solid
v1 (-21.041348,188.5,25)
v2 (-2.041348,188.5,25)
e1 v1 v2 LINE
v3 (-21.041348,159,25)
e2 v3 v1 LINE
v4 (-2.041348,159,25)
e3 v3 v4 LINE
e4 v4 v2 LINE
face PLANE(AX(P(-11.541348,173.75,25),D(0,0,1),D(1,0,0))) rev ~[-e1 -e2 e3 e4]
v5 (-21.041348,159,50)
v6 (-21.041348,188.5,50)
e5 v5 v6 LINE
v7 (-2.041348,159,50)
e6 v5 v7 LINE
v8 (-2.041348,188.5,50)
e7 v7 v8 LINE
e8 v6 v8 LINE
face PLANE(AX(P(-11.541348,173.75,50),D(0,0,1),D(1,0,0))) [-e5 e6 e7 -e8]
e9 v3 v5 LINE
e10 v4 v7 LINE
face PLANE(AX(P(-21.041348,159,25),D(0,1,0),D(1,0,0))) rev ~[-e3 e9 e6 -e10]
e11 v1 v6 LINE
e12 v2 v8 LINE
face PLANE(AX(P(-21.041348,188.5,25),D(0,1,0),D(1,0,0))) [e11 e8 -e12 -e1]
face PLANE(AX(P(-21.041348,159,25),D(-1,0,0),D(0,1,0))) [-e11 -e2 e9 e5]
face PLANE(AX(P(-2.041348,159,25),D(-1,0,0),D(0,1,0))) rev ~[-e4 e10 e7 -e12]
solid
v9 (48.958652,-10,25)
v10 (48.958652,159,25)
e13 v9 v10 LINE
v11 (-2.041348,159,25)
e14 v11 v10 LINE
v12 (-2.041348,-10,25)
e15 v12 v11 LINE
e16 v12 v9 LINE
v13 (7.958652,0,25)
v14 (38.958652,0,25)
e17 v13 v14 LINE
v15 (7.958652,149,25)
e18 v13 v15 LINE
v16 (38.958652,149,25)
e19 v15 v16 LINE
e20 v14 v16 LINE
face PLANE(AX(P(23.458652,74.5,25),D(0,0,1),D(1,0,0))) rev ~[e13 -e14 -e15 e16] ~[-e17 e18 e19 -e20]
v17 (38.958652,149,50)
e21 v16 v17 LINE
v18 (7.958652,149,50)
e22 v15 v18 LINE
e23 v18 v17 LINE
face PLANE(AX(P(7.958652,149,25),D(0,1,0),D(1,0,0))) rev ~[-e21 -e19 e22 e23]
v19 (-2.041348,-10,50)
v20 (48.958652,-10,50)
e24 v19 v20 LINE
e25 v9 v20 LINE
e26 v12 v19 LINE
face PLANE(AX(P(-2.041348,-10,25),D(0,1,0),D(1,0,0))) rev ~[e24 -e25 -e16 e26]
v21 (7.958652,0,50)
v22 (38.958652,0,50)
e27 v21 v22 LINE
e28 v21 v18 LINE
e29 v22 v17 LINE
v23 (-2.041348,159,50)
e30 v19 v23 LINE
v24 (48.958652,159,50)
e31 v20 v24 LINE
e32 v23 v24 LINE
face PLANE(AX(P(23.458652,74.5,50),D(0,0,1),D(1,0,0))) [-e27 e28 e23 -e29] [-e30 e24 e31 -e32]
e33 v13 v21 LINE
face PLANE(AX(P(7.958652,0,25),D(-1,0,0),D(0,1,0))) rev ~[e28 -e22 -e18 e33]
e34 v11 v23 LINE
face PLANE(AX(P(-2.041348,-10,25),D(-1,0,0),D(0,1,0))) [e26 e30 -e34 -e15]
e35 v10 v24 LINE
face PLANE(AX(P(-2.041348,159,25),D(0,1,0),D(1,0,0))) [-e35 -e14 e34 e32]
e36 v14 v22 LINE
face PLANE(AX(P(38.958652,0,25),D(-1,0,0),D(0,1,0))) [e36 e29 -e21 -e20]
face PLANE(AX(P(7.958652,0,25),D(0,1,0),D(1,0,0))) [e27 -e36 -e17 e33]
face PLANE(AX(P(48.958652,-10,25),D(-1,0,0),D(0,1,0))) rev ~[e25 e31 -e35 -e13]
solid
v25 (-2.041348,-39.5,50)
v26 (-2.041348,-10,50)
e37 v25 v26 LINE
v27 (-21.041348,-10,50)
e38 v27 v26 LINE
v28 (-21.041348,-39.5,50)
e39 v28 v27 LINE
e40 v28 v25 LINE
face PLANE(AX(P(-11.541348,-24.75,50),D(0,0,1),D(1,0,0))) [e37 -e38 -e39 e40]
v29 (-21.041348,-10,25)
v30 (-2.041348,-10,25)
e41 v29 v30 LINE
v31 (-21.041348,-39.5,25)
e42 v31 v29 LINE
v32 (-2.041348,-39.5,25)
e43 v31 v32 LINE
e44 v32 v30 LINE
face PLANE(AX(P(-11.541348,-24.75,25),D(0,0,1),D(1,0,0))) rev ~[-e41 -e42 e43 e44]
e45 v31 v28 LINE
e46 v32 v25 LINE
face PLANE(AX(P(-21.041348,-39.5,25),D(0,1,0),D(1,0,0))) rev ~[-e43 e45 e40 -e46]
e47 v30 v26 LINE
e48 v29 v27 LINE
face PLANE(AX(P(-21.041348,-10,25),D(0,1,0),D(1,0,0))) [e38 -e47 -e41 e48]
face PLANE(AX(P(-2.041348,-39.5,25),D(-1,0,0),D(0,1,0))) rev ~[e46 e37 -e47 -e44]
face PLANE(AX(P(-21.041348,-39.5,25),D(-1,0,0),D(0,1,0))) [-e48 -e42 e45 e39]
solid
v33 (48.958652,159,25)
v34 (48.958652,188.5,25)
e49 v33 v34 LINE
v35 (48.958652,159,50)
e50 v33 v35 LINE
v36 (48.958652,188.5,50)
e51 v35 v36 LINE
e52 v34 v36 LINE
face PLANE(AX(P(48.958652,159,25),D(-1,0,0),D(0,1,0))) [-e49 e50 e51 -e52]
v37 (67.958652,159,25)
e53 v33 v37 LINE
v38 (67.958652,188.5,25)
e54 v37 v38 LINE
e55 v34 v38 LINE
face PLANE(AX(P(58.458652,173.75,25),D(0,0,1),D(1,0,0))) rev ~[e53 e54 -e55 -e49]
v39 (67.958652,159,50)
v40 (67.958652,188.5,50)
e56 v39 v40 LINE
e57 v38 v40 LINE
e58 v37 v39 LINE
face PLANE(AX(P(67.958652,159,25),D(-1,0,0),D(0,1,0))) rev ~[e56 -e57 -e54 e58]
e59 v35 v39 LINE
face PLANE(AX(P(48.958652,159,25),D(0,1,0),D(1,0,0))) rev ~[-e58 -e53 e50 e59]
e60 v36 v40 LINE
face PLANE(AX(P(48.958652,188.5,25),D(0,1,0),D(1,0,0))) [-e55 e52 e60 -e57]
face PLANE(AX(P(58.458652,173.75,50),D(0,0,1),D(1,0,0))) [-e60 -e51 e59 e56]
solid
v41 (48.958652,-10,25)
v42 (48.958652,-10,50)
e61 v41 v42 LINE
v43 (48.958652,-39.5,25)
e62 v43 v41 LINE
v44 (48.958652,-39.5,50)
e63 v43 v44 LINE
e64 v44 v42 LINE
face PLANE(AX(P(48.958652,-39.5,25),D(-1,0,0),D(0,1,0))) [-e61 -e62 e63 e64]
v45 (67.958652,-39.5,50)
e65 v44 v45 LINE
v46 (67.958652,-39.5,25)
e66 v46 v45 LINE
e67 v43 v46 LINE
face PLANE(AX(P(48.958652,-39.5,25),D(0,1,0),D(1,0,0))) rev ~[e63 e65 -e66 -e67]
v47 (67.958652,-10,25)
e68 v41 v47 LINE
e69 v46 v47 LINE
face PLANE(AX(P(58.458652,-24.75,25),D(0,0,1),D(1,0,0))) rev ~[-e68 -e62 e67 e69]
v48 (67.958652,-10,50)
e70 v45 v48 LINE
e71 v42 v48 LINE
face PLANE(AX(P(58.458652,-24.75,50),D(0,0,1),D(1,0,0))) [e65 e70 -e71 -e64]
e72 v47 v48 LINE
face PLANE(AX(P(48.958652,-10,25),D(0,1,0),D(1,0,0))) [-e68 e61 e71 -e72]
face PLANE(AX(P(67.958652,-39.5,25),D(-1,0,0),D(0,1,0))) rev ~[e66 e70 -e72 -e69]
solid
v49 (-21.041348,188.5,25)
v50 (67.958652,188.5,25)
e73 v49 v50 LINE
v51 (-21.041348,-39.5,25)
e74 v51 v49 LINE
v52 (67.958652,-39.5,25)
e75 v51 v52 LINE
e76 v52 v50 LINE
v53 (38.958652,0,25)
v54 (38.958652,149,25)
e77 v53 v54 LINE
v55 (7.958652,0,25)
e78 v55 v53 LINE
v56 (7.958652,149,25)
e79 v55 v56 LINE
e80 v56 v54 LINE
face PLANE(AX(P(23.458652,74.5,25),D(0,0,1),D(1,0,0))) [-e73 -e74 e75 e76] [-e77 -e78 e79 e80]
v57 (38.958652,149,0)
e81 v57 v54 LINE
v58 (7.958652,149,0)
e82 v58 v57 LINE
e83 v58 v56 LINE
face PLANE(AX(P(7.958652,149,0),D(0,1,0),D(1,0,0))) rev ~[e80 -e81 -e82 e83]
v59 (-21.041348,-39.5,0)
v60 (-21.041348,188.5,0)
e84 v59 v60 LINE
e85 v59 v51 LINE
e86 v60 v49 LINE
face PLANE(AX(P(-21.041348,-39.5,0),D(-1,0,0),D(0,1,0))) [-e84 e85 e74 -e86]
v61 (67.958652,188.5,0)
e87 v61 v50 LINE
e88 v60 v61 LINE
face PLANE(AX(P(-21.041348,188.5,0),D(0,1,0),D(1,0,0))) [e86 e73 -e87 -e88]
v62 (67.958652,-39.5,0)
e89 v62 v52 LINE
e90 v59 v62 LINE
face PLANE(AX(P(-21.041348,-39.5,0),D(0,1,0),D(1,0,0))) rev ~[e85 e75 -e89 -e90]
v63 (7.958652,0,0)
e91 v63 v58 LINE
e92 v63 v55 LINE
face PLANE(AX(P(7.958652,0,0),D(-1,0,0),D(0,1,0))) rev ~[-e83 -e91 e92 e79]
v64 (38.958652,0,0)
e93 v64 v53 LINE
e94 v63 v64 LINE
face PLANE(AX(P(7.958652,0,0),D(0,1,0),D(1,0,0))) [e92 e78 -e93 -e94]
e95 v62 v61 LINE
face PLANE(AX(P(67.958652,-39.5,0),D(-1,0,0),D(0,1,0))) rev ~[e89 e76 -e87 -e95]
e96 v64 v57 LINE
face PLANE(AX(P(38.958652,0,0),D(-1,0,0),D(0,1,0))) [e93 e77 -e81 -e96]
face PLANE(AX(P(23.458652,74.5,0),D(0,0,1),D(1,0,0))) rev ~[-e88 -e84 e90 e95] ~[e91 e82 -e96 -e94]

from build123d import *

# Parameters (mm, degrees)
F0_W     = 89
F0_H     = 228
F0_W_2   = 31
F0_H_2   = 149
F1_DEPTH = 25
F2_W     = 51
F2_H     = 169
F2_W_2   = 31
F2_H_2   = 149
F2_W_3   = 19
F2_H_3   = 29.5
F3_DEPTH = 25


with BuildPart() as f1:
    # F0 (on Top) → F1 (new body)
    with BuildSketch(Plane.XY):
        with Locations((23.458652, 74.5)):
            Rectangle(F0_W, F0_H)
        with Locations((23.458652, 74.5)):
            Rectangle(F0_W_2, F0_H_2, mode=Mode.SUBTRACT)
    extrude(amount=F1_DEPTH)


with BuildPart() as f3:
    # F2 (on face) → F3 (new body)
    with BuildSketch(Plane.XY.offset(25)):
        with Locations((23.458652, 74.5)):
            Rectangle(F2_W, F2_H)
        with Locations((23.458652, 74.5)):
            Rectangle(F2_W_2, F2_H_2, mode=Mode.SUBTRACT)
        with Locations((58.458652, 173.75)):
            Rectangle(F2_W_3, F2_H_3)
        with Locations((58.458652, -24.75)):
            Rectangle(F2_W_3, F2_H_3)
        with Locations((-11.541348, -24.75)):
            Rectangle(F2_W_3, F2_H_3)
        with Locations((-11.541348, 173.75)):
            Rectangle(F2_W_3, F2_H_3)
    extrude(amount=F3_DEPTH)


solid = Compound([f1.part, f3.part])
